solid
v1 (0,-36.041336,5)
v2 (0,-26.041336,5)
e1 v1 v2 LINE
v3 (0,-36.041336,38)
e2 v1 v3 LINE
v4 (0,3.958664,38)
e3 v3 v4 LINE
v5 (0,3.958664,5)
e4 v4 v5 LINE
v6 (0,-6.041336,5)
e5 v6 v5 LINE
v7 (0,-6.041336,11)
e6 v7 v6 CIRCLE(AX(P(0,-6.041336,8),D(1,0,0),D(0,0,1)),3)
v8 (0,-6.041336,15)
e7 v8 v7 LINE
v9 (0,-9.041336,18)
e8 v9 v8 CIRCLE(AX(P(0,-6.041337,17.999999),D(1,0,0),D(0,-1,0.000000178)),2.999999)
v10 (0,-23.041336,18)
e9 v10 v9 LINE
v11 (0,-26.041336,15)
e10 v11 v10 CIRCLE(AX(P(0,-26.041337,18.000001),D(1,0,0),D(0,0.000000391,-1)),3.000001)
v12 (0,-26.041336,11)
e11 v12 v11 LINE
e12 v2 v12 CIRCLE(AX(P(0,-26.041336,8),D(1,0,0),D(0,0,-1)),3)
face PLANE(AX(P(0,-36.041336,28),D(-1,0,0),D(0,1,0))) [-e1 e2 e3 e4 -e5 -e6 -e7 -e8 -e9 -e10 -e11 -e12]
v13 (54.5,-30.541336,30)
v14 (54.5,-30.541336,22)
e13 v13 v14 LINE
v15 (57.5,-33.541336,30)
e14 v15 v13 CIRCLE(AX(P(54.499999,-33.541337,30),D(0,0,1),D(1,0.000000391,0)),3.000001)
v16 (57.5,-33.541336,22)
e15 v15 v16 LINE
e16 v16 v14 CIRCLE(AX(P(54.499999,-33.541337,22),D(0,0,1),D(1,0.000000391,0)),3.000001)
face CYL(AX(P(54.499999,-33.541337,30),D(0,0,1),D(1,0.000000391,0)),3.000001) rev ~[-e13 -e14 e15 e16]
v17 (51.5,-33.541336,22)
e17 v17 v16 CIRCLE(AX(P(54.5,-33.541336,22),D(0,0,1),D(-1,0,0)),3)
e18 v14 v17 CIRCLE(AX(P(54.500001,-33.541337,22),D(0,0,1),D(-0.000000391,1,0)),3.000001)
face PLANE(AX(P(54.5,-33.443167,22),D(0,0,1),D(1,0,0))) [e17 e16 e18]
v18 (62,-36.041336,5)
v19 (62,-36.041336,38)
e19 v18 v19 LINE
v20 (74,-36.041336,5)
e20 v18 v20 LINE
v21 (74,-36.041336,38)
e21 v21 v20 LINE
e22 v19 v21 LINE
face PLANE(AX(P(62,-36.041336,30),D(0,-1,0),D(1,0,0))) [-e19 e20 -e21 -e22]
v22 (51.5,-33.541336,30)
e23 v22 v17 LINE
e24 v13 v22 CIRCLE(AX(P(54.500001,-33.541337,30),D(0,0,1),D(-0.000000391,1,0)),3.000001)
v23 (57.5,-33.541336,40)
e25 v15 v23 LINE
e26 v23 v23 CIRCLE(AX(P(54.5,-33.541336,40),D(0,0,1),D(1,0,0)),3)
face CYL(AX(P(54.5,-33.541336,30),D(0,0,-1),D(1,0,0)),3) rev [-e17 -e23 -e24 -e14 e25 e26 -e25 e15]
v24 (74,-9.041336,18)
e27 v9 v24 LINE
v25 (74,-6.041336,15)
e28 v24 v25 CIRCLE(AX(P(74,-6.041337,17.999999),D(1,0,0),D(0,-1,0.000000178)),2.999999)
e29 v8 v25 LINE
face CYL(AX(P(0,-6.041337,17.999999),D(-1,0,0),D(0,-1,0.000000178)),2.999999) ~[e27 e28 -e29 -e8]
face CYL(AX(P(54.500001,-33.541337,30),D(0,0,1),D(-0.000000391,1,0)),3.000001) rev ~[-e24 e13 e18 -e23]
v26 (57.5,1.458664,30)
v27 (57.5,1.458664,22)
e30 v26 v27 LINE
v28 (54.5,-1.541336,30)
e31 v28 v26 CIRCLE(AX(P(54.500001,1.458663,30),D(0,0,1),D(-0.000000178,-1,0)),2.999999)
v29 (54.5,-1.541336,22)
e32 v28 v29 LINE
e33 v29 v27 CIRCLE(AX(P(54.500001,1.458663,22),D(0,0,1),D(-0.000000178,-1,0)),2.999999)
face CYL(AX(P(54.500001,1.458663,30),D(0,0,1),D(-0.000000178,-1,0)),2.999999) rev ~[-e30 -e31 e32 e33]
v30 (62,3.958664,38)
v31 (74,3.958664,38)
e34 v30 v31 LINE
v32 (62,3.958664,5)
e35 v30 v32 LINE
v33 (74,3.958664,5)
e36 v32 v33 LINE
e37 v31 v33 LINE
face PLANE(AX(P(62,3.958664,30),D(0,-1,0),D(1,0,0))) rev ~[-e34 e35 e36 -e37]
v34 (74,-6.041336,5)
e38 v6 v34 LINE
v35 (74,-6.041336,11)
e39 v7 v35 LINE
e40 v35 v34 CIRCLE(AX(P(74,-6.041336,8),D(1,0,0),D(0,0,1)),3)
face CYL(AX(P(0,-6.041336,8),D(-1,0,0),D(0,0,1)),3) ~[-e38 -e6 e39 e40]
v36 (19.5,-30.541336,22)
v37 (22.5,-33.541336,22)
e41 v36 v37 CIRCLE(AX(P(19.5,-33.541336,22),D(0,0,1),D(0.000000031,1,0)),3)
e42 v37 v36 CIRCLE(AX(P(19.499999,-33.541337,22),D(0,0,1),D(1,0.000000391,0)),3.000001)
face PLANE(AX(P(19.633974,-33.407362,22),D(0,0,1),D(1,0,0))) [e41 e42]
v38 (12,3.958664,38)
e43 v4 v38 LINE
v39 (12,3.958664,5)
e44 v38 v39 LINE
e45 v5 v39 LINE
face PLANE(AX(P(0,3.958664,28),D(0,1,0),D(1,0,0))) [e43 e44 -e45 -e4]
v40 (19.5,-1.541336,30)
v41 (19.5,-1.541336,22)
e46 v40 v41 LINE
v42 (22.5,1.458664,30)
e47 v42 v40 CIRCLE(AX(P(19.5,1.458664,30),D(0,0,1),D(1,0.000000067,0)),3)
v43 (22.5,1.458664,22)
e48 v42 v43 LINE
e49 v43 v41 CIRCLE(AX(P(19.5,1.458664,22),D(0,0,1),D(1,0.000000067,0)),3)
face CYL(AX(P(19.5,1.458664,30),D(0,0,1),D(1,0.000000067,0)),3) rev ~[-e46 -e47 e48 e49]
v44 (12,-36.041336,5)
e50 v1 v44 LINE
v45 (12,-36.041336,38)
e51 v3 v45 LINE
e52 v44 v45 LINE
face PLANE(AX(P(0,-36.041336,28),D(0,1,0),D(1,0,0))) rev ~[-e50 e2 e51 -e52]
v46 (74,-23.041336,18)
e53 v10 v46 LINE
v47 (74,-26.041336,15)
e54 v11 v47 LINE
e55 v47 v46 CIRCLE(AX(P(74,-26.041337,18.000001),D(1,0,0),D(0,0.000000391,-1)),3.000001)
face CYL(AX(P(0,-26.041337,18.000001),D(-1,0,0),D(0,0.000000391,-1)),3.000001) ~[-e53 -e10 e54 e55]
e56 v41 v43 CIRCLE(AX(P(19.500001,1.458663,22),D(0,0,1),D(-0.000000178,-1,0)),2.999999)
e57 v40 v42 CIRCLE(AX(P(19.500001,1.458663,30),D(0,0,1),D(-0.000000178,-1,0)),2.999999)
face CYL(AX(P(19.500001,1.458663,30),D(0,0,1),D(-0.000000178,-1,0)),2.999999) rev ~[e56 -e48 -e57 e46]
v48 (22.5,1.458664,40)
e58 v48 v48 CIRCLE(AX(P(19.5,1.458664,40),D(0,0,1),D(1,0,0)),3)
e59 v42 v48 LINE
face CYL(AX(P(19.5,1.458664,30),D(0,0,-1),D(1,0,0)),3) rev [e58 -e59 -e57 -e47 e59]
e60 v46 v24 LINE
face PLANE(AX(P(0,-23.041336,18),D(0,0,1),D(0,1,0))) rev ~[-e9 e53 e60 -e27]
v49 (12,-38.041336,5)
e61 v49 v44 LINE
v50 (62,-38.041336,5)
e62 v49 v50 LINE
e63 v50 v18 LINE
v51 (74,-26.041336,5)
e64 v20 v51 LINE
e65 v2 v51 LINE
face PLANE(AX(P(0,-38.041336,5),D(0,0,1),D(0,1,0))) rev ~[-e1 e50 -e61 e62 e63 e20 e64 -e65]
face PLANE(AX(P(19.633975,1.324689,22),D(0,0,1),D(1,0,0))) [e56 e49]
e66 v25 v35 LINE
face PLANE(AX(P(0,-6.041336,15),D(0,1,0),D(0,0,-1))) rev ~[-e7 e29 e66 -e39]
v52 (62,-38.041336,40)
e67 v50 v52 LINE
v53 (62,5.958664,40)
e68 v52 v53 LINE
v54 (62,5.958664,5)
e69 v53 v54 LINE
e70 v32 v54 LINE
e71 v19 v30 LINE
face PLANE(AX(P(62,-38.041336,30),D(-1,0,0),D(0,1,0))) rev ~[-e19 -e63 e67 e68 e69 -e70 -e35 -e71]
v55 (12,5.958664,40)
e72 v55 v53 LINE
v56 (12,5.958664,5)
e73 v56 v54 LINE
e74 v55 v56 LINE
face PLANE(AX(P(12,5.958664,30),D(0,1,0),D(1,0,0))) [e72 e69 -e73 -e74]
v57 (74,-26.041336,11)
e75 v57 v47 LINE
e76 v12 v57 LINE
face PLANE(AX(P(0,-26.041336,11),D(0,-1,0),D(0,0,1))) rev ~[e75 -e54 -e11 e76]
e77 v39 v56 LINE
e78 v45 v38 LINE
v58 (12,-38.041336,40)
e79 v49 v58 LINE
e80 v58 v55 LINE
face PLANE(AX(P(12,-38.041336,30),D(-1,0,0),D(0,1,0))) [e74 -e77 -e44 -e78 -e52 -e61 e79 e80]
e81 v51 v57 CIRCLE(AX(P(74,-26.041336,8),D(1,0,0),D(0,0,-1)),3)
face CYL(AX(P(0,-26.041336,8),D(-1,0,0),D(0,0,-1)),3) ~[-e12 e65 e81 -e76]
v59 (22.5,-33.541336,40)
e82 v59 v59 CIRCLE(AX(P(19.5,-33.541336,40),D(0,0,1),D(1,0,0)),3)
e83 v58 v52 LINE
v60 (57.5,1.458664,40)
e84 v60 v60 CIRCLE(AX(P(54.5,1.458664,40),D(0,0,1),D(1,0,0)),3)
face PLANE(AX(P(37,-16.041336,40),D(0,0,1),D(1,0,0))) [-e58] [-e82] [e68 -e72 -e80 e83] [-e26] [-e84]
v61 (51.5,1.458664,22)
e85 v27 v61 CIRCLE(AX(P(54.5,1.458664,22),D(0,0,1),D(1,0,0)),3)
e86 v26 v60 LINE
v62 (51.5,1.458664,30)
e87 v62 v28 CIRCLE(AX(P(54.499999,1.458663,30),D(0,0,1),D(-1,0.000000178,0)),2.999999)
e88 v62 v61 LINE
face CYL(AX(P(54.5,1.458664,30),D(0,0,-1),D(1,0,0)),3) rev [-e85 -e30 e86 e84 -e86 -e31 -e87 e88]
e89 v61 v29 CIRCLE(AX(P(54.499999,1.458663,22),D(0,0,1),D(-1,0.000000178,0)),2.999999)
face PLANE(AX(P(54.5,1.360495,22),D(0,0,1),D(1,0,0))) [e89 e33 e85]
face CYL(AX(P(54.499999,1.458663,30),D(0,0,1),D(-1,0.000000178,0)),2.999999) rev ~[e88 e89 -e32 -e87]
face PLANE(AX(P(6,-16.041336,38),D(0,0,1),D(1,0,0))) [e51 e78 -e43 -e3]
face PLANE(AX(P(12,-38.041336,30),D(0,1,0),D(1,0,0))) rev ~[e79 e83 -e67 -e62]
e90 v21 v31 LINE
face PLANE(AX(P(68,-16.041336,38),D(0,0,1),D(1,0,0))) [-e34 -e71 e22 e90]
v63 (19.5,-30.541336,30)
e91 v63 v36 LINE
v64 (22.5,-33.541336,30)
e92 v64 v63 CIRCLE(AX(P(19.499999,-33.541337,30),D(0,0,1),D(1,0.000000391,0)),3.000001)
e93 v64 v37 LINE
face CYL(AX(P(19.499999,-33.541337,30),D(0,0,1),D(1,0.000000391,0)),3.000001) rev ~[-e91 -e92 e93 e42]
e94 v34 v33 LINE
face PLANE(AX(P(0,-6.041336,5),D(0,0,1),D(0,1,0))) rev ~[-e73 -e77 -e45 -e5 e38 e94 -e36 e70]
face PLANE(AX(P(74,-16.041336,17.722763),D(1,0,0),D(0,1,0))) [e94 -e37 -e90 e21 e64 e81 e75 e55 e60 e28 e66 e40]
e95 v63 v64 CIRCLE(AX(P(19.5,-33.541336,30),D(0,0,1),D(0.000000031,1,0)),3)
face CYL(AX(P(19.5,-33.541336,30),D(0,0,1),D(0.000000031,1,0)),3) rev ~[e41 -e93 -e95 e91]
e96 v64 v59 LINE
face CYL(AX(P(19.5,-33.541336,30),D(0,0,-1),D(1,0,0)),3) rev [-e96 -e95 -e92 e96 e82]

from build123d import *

# Parameters (mm, degrees)
F1_DEPTH  = 74
F2_W      = 12
F2_H      = 44
F3_DEPTH  = 2
F4_W      = 12
F4_H      = 2
F5_DEPTH  = 25
F7_DEPTH  = 8
F8_W      = 50
F8_H      = 44
F8_R      = 3
F9_DEPTH  = 10
F10_W     = 12
F10_H     = 40
F11_DEPTH = 10


with BuildPart() as f1:
    # F0 (on Right) → F1 (new body)
    with BuildSketch(Plane.YZ):
        with BuildLine():
            ThreePointArc((-26.041336, 5), (-23.041336, 8), (-26.041336, 11))
            Line((-26.041336, 11), (-26.041336, 15))
            ThreePointArc((-26.041336, 15), (-23.920016, 15.87868), (-23.041336, 18))
            Line((-23.041336, 18), (-9.041336, 18))
            ThreePointArc((-9.041336, 18), (-8.162657, 15.87868), (-6.041336, 15))
            Line((-6.041336, 15), (-6.041336, 11))
            ThreePointArc((-6.041336, 11), (-9.041336, 8), (-6.041336, 5))
            Line((-6.041336, 5), (5.958664, 5))
            Line((5.958664, 5), (5.958664, 30))
            Line((5.958664, 30), (-38.041336, 30))
            Line((-38.041336, 30), (-38.041336, 5))
            Line((-38.041336, 5), (-26.041336, 5))
        make_face()
    extrude(amount=F1_DEPTH)

    # F2 (on face) → F3 (cut)
    with BuildSketch(Plane.XY.offset(30)):
        with Locations((68, -16.041336)):
            Rectangle(F2_W, F2_H)
        with Locations((6, -16.041336)):
            Rectangle(F2_W, F2_H)
    extrude(amount=-F3_DEPTH, mode=Mode.SUBTRACT)

    # F4 (on face) → F5 (cut)
    with BuildSketch(Plane.XY.offset(30)):
        with Locations((6, 4.958664)):
            Rectangle(F4_W, F4_H)
        with Locations((6, -37.041336)):
            Rectangle(F4_W, F4_H)
        with Locations((68, -37.041336)):
            Rectangle(F4_W, F4_H)
        with Locations((68, 4.958664)):
            Rectangle(F4_W, F4_H)
    extrude(amount=-F5_DEPTH, mode=Mode.SUBTRACT)

    # F6 (on face) → F7 (cut)
    with BuildSketch(Plane.XY.offset(30)):
        with BuildLine():
            ThreePointArc((22.5, 1.458664), (17.37868, 3.579984), (19.5, -1.541336))
            ThreePointArc((19.5, -1.541336), (21.62132, -0.662657), (22.5, 1.458664))
        make_face()
        with BuildLine():
            ThreePointArc((51.5, 1.458664), (52.37868, -0.662657), (54.5, -1.541336))
            ThreePointArc((54.5, -1.541336), (56.62132, -0.662657), (57.5, 1.458664))
            ThreePointArc((57.5, 1.458664), (54.5, 4.458664), (51.5, 1.458664))
        make_face()
        with BuildLine():
            ThreePointArc((54.5, -30.541336), (52.37868, -31.420016), (51.5, -33.541336))
            ThreePointArc((51.5, -33.541336), (54.5, -36.541336), (57.5, -33.541336))
            ThreePointArc((57.5, -33.541336), (56.62132, -31.420016), (54.5, -30.541336))
        make_face()
        with BuildLine():
            ThreePointArc((19.5, -30.541336), (17.37868, -35.662657), (22.5, -33.541336))
            ThreePointArc((22.5, -33.541336), (21.62132, -31.420016), (19.5, -30.541336))
        make_face()
    extrude(amount=-F7_DEPTH, mode=Mode.SUBTRACT)

    # F8 (on face) → F9 (join)
    with BuildSketch(Plane.XY.offset(30)):
        with Locations((37, -16.041336)):
            Rectangle(F8_W, F8_H)
        with Locations((19.5, -33.541336)):
            Circle(F8_R, mode=Mode.SUBTRACT)
        with Locations((54.5, -33.541336)):
            Circle(F8_R, mode=Mode.SUBTRACT)
        with Locations((19.5, 1.458664)):
            Circle(F8_R, mode=Mode.SUBTRACT)
        with Locations((54.5, 1.458664)):
            Circle(F8_R, mode=Mode.SUBTRACT)
    extrude(amount=F9_DEPTH)

    # F10 (on face) → F11 (join)
    with BuildSketch(Plane.XY.offset(28)):
        with Locations((6, -16.041336)):
            Rectangle(F10_W, F10_H)
        with Locations((68, -16.041336)):
            Rectangle(F10_W, F10_H)
    extrude(amount=F11_DEPTH)


solid = f1.part
